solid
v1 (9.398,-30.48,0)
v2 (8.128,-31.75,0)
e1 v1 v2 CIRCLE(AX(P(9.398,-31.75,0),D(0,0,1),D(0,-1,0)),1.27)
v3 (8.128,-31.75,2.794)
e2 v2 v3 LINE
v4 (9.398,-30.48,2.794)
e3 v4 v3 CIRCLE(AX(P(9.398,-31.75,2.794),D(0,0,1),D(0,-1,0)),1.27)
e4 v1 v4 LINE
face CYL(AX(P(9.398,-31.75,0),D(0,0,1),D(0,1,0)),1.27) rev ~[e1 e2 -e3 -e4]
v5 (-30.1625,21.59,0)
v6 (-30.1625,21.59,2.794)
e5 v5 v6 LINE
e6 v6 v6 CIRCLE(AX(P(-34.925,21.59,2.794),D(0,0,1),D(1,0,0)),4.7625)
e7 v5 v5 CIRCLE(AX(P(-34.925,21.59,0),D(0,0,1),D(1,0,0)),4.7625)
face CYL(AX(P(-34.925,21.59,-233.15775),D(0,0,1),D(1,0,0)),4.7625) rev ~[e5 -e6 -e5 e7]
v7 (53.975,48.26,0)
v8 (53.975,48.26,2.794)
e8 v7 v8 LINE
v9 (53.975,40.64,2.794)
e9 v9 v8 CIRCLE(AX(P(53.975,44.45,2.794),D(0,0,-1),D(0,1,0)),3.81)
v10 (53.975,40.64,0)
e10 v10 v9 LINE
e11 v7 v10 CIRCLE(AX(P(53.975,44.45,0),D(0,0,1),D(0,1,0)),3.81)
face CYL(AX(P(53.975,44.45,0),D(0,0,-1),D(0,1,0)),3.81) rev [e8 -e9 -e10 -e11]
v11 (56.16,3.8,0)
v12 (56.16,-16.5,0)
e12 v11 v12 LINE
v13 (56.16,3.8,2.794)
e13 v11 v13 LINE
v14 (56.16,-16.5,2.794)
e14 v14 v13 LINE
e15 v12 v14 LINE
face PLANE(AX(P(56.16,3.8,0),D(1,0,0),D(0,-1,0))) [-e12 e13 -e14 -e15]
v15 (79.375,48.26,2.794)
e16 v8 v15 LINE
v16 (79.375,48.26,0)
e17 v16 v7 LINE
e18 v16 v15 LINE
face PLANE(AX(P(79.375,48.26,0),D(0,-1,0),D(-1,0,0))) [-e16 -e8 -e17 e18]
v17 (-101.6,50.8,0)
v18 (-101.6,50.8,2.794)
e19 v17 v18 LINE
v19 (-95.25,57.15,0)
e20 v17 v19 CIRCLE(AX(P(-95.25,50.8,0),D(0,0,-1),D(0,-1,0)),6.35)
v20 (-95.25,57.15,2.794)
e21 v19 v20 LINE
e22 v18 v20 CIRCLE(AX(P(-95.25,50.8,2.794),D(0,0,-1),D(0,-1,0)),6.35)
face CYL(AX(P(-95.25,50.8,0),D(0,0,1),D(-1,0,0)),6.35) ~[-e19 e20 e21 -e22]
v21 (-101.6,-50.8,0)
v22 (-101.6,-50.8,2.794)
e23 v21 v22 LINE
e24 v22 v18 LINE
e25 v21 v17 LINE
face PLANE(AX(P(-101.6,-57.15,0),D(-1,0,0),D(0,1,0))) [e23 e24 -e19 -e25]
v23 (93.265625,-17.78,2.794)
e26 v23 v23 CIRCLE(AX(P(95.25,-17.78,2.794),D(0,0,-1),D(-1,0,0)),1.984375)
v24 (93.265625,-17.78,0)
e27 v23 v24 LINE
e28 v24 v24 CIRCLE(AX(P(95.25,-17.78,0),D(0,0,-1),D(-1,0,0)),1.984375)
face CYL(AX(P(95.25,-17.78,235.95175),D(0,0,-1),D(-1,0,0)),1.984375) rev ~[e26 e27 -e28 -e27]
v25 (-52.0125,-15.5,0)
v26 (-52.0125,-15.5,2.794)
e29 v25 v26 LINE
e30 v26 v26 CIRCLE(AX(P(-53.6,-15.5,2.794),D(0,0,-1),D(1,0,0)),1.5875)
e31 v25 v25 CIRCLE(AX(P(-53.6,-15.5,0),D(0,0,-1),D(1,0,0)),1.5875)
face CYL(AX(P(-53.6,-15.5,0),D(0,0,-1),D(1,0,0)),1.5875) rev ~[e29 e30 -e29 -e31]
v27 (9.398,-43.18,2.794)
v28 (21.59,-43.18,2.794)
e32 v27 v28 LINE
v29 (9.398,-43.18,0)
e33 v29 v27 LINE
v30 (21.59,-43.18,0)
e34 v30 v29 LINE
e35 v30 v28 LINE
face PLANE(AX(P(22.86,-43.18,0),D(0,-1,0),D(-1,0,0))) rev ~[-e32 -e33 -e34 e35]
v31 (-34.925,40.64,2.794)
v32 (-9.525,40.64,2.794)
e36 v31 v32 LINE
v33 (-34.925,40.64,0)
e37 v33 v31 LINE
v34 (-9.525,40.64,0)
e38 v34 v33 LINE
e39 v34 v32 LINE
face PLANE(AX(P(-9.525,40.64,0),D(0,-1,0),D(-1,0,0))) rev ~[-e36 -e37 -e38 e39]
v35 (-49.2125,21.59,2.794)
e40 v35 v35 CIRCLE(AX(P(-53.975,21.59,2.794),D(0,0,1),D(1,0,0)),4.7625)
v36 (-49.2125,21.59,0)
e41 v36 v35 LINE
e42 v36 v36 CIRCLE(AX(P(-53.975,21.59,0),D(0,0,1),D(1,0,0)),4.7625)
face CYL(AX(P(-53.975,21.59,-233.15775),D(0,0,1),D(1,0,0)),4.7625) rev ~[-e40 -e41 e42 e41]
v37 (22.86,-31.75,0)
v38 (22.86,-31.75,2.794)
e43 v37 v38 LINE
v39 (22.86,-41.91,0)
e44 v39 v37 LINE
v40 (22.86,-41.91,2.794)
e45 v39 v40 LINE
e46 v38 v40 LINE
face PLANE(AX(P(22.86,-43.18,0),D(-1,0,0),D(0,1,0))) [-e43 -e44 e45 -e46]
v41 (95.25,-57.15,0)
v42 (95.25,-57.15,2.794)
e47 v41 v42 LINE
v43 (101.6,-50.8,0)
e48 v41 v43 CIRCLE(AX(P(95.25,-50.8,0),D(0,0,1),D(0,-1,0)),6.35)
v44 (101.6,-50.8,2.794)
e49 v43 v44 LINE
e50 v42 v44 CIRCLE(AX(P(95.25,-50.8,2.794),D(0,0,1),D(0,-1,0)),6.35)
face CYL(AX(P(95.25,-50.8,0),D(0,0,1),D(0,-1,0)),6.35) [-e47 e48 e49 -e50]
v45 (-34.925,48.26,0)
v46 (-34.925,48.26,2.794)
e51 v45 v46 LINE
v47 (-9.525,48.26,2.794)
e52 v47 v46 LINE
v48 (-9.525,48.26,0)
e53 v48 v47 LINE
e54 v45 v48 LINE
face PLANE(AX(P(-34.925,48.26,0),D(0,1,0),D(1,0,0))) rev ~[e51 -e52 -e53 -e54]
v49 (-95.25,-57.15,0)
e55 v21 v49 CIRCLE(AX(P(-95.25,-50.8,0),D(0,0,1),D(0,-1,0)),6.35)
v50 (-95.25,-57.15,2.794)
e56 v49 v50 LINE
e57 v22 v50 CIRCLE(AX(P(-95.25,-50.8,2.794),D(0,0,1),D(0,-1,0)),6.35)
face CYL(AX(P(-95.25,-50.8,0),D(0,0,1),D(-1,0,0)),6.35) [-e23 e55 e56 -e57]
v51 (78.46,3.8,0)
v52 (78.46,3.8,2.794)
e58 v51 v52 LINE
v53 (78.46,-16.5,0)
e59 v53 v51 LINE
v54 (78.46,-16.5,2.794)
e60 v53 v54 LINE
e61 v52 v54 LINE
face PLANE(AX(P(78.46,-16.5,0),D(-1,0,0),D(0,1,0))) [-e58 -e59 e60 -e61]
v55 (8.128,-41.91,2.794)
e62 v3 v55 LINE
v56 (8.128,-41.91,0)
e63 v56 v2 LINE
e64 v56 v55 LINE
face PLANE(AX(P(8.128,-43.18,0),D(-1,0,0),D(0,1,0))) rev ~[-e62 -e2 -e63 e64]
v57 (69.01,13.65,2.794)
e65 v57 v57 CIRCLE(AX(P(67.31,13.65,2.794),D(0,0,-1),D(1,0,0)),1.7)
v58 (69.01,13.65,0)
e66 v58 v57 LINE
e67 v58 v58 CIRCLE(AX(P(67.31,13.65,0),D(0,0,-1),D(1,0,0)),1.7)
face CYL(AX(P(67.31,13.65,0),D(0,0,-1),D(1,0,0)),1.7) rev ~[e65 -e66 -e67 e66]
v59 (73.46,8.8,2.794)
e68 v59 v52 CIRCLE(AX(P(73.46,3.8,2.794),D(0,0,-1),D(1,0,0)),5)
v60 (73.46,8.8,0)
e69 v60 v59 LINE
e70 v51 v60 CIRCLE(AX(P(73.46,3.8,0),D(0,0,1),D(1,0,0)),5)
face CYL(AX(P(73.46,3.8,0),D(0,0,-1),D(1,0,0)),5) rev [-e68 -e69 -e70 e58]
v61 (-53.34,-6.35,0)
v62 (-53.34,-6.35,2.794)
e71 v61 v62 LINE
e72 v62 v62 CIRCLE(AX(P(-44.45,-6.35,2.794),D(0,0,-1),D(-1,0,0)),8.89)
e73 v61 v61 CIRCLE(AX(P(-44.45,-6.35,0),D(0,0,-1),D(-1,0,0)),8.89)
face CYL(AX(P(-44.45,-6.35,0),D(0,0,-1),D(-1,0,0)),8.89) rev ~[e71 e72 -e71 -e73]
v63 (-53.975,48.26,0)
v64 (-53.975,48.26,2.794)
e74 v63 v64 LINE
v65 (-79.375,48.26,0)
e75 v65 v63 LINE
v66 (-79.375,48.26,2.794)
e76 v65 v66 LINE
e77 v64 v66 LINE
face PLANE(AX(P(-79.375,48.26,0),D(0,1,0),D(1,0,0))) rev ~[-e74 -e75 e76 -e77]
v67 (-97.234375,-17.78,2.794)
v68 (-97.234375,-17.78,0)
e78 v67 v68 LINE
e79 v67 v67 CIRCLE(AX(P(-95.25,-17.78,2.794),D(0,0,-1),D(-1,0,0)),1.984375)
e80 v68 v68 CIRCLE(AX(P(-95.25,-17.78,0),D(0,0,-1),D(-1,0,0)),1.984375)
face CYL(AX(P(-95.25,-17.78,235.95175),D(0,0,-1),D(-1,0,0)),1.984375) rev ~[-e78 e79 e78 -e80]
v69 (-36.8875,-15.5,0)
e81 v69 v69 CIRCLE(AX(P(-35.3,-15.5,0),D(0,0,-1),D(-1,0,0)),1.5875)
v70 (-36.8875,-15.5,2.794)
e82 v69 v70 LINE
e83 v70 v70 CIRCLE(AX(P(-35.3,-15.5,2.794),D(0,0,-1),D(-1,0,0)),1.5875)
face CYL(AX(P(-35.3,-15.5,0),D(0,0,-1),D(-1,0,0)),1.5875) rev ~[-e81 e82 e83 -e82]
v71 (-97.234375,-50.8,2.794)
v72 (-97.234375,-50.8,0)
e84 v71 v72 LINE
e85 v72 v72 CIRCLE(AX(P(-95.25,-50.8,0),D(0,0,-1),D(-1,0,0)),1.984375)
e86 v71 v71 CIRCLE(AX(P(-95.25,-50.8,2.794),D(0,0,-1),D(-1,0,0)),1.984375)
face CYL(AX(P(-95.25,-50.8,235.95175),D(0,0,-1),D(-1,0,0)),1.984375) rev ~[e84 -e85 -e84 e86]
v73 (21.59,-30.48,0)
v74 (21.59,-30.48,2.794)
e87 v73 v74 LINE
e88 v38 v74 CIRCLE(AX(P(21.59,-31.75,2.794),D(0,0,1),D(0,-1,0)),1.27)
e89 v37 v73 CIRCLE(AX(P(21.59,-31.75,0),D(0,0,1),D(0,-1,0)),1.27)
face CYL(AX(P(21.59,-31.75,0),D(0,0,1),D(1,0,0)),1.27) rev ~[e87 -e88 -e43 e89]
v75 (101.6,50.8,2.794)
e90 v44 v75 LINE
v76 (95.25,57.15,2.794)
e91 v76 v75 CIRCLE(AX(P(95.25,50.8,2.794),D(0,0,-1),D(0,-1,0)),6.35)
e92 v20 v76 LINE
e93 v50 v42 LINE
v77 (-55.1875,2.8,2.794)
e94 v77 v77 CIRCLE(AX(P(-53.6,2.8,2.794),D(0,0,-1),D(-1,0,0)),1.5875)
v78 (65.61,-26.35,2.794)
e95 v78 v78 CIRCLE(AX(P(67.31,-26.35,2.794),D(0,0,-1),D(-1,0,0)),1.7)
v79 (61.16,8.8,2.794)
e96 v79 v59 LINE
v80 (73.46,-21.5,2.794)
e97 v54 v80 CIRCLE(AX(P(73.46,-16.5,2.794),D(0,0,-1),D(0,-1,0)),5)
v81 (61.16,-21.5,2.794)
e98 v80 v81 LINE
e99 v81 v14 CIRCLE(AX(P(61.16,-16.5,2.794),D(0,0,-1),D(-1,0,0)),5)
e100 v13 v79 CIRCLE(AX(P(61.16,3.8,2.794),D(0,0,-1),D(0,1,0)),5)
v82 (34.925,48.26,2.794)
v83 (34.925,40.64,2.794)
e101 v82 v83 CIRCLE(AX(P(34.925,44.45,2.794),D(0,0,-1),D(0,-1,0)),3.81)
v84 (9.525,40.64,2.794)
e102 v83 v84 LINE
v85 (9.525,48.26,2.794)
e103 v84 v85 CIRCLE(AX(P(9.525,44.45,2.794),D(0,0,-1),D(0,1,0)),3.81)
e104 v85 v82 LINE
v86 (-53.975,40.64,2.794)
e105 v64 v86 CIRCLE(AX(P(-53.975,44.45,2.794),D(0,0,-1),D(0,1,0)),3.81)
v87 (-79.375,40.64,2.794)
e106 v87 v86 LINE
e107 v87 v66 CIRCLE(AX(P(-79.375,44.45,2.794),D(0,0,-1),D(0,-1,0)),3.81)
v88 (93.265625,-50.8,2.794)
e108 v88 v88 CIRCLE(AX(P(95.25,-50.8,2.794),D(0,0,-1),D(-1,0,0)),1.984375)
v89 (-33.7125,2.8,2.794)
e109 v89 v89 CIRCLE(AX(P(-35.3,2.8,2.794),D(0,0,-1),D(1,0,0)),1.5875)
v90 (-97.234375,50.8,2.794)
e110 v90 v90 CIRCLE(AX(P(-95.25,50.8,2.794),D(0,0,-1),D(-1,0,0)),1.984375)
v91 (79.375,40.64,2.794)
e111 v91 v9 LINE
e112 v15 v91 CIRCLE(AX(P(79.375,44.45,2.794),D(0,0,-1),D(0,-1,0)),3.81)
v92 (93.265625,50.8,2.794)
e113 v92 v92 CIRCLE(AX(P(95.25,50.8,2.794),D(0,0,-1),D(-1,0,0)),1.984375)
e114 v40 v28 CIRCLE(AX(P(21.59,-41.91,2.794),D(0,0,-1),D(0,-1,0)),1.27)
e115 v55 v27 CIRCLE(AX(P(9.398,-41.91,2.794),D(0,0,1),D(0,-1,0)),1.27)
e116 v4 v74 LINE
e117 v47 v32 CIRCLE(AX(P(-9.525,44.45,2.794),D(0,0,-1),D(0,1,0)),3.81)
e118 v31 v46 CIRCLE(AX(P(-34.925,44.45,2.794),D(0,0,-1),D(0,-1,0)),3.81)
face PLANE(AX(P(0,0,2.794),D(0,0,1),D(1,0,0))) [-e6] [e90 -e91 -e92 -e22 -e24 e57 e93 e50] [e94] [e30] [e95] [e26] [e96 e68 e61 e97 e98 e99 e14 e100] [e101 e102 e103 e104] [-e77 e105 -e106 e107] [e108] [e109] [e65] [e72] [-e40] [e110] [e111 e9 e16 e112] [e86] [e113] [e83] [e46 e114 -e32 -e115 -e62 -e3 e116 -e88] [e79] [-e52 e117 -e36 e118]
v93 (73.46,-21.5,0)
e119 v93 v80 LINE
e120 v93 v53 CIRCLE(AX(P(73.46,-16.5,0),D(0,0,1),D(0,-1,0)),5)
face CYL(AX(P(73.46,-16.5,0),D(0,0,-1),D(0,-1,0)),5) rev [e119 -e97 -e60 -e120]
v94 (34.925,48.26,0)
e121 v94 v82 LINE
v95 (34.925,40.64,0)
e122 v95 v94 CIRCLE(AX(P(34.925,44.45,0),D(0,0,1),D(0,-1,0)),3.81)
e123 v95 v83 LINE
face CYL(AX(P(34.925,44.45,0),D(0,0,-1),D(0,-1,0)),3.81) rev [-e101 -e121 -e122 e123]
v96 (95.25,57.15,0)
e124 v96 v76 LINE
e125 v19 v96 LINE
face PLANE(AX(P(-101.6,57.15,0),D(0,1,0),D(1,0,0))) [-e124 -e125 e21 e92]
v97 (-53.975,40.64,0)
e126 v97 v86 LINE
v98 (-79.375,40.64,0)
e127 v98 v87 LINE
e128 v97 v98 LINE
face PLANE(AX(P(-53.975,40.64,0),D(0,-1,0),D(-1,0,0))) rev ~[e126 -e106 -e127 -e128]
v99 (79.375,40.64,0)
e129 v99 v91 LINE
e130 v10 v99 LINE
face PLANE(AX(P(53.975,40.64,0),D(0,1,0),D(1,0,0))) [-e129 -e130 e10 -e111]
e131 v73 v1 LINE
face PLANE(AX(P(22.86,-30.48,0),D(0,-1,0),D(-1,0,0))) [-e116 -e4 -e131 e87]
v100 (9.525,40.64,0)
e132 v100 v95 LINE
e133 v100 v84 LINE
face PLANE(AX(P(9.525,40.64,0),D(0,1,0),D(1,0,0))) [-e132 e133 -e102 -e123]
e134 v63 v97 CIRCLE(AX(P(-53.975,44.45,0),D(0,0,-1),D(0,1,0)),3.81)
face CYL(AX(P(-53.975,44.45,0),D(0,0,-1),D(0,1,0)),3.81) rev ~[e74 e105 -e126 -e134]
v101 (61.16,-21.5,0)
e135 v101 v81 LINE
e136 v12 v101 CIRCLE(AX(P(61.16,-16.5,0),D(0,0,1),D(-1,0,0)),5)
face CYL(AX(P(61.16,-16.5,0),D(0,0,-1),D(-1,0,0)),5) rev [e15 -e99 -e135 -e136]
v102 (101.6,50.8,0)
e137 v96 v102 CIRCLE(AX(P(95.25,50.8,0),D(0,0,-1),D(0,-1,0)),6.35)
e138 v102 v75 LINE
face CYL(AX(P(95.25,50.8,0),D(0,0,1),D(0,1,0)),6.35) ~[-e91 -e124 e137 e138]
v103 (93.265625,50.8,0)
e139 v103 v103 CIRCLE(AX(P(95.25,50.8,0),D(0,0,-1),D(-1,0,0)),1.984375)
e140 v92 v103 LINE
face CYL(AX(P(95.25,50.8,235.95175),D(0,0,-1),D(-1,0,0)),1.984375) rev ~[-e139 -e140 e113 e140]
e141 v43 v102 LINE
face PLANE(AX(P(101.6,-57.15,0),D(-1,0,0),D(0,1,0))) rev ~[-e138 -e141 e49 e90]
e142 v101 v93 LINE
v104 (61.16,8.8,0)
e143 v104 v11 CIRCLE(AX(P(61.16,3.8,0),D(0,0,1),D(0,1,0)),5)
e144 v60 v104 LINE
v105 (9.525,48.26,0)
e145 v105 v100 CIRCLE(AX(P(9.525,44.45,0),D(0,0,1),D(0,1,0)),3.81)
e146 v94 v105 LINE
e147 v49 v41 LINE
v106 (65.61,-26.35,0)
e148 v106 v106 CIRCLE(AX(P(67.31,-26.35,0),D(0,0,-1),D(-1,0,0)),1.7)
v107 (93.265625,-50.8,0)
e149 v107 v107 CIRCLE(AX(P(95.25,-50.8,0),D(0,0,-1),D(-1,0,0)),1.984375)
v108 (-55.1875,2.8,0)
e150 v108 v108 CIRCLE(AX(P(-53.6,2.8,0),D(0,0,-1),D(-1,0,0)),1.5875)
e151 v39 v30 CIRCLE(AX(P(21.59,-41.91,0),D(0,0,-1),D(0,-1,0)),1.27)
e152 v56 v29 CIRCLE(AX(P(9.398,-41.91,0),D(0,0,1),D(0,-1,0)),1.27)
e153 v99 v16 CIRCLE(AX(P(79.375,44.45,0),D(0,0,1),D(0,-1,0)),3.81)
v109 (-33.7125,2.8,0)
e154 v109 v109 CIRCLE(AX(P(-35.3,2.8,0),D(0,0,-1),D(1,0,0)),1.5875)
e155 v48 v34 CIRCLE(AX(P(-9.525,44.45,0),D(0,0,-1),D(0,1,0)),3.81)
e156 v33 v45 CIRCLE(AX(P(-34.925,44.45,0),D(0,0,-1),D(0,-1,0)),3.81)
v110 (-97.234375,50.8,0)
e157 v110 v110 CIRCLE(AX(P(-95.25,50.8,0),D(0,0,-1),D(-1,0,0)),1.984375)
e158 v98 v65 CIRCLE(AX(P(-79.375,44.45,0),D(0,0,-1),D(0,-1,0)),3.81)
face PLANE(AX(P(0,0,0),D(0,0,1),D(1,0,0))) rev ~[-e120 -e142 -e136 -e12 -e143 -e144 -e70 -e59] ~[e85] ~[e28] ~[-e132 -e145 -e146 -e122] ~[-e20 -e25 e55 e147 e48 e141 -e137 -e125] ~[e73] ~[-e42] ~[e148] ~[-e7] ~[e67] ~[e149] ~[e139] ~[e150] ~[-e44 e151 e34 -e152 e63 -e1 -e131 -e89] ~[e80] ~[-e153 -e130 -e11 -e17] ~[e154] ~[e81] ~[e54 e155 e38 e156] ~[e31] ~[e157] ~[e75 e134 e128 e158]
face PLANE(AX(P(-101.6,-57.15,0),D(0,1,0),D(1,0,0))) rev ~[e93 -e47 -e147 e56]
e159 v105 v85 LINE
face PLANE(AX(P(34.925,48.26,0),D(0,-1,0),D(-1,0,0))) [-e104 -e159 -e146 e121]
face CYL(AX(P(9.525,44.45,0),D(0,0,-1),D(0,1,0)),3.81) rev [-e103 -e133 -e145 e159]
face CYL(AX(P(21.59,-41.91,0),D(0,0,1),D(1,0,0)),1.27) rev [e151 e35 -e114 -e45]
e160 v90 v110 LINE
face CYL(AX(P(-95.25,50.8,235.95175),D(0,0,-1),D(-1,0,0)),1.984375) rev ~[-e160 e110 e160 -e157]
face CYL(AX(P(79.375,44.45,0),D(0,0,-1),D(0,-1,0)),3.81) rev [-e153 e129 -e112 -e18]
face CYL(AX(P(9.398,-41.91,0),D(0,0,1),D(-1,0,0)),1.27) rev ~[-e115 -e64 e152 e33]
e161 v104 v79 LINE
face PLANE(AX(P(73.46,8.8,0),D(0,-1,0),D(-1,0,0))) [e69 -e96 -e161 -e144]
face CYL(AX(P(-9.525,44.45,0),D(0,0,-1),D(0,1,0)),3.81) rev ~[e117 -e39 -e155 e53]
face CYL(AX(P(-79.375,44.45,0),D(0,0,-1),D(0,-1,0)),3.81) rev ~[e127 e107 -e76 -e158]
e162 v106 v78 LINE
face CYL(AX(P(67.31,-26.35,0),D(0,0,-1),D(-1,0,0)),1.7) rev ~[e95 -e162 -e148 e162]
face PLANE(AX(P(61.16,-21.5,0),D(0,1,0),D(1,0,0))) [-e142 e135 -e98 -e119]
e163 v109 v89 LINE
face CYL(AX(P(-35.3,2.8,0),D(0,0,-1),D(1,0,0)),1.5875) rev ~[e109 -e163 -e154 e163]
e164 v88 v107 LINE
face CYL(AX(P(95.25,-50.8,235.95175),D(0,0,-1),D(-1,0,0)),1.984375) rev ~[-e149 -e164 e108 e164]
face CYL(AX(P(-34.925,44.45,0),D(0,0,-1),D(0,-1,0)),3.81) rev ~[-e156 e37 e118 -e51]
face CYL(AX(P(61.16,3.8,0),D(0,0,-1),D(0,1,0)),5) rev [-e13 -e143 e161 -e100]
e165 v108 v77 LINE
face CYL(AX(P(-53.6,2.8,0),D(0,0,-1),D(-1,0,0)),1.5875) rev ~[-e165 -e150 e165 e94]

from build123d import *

# Parameters (mm, degrees)
SKETCH1_W                       = 203.2
SKETCH1_H                       = 114.3
BOSS_EXTRUDE1_DEPTH             = 2.794
F_5_32_0_15625_DIAMETER_HOLE1_D = 3.96875
FILLET2_R                       = 6.35
SKETCH7_R                       = 8.89
SKETCH7_R_2                     = 1.5875
SKETCH7_W                       = 14.732
SKETCH7_H                       = 12.7
CUT_EXTRUDE1_DEPTH              = 117.603983362
FILLET3_R                       = 1.27
F_3_8_0_375_DIAMETER_HOLE1_D    = 9.525
SKETCH12_R                      = 1.7
CUT_EXTRUDE4_DEPTH              = 117.603983362
CUT_EXTRUDE5_DEPTH              = 117.603983362


with BuildPart() as part:
    # Sketch1 → Boss-Extrude1 (new body)
    with BuildSketch(Plane.XY):
        Rectangle(SKETCH1_W, SKETCH1_H)
    extrude(amount=BOSS_EXTRUDE1_DEPTH)

    # 5/32 (0.15625) Diameter Hole1 (through all)
    with Locations(Plane.XY.offset(2.794)):
        with Locations((95.25, -17.78), (-95.25, 50.8), (95.25, 50.8), (95.25, -50.8), (-95.25, -50.8), (-95.25, -17.78)):
            Hole(F_5_32_0_15625_DIAMETER_HOLE1_D / 2)

    # Fillet2
    fillet2_edges = [part.edges().sort_by_distance(p)[0] for p in [
        (101.6, -57.15, 1.397),
        (-101.6, -57.15, 1.397),
        (-101.6, 57.15, 1.397),
        (101.6, 57.15, 1.397),
    ]]
    fillet(fillet2_edges, radius=FILLET2_R)

    # Sketch7 → Cut-Extrude1 (cut, through all)
    with BuildSketch(Plane(origin=(0, 0, 0), x_dir=(-1, 0, 0), z_dir=(0, 0, -1))):
        with Locations((44.45, -6.35)):
            Circle(SKETCH7_R)
        with Locations((53.6, 2.8)):
            Circle(SKETCH7_R_2)
        with Locations(Location((35.3, 2.8, 0), (0, 0, 180))):
            Circle(SKETCH7_R_2)
        with Locations(Location((53.6, -15.5, 0), (0, 0, 180))):
            Circle(SKETCH7_R_2)
        with Locations((35.3, -15.5)):
            Circle(SKETCH7_R_2)
        with Locations((-15.494, -36.83)):
            Rectangle(SKETCH7_W, SKETCH7_H)
    extrude(amount=-CUT_EXTRUDE1_DEPTH, mode=Mode.SUBTRACT)

    # Fillet3
    fillet3_edges = [part.edges().sort_by_distance(p)[0] for p in [
        (22.86, -43.18, 1.397),
        (22.86, -30.48, 1.397),
        (8.128, -30.48, 1.397),
        (8.128, -43.18, 1.397),
    ]]
    fillet(fillet3_edges, radius=FILLET3_R)

    # 3/8 (0.375) Diameter Hole1 (through all)
    with Locations(Plane(origin=(0, 0, 0), x_dir=(-1, 0, 0), z_dir=(0, 0, -1))):
        with Locations((53.975, 21.59), (34.925, 21.59)):
            Hole(F_3_8_0_375_DIAMETER_HOLE1_D / 2)

    # Sketch12 → Cut-Extrude4 (cut, through all)
    with BuildSketch(Plane(origin=(0, 0, 0), x_dir=(-1, 0, 0), z_dir=(0, 0, -1))):
        with Locations((-67.31, -26.35)):
            Circle(SKETCH12_R)
        with Locations(Location((-67.31, 13.65, 0), (0, 0, 180))):
            Circle(SKETCH12_R)
        with BuildLine():
            Line((-73.46, 8.8), (-61.16, 8.8))
            ThreePointArc((-61.16, 8.8), (-57.624466094, 7.335533906), (-56.16, 3.8))
            Line((-56.16, 3.8), (-56.16, -16.5))
            ThreePointArc((-56.16, -16.5), (-57.624466094, -20.035533906), (-61.16, -21.5))
            Line((-61.16, -21.5), (-73.46, -21.5))
            ThreePointArc((-73.46, -21.5), (-76.995533906, -20.035533906), (-78.46, -16.5))
            Line((-78.46, -16.5), (-78.46, 3.8))
            ThreePointArc((-78.46, 3.8), (-76.995533906, 7.335533906), (-73.46, 8.8))
        make_face()
    extrude(amount=-CUT_EXTRUDE4_DEPTH, mode=Mode.SUBTRACT)

    # Sketch13 → Cut-Extrude5 (cut, through all)
    with BuildSketch(Plane(origin=(0, 0, 0), x_dir=(-1, 0, 0), z_dir=(0, 0, -1))):
        with BuildLine():
            Line((-79.375, 48.26), (-53.975, 48.26))
            ThreePointArc((-53.975, 48.26), (-50.165, 44.45), (-53.975, 40.64))
            Line((-53.975, 40.64), (-79.375, 40.64))
            ThreePointArc((-79.375, 40.64), (-83.185, 44.45), (-79.375, 48.26))
        make_face()
        with BuildLine():
            Line((79.375, 48.26), (53.975, 48.26))
            ThreePointArc((53.975, 48.26), (50.165, 44.45), (53.975, 40.64))
            Line((53.975, 40.64), (79.375, 40.64))
            ThreePointArc((79.375, 40.64), (83.185, 44.45), (79.375, 48.26))
        make_face()
        with BuildLine():
            Line((-34.925, 48.26), (-9.525, 48.26))
            ThreePointArc((-9.525, 48.26), (-5.715, 44.45), (-9.525, 40.64))
            Line((-9.525, 40.64), (-34.925, 40.64))
            ThreePointArc((-34.925, 40.64), (-38.735, 44.45), (-34.925, 48.26))
        make_face()
        with BuildLine():
            Line((34.925, 48.26), (9.525, 48.26))
            ThreePointArc((9.525, 48.26), (5.715, 44.45), (9.525, 40.64))
            Line((9.525, 40.64), (34.925, 40.64))
            ThreePointArc((34.925, 40.64), (38.735, 44.45), (34.925, 48.26))
        make_face()
    extrude(amount=-CUT_EXTRUDE5_DEPTH, mode=Mode.SUBTRACT)


solid = part.part
